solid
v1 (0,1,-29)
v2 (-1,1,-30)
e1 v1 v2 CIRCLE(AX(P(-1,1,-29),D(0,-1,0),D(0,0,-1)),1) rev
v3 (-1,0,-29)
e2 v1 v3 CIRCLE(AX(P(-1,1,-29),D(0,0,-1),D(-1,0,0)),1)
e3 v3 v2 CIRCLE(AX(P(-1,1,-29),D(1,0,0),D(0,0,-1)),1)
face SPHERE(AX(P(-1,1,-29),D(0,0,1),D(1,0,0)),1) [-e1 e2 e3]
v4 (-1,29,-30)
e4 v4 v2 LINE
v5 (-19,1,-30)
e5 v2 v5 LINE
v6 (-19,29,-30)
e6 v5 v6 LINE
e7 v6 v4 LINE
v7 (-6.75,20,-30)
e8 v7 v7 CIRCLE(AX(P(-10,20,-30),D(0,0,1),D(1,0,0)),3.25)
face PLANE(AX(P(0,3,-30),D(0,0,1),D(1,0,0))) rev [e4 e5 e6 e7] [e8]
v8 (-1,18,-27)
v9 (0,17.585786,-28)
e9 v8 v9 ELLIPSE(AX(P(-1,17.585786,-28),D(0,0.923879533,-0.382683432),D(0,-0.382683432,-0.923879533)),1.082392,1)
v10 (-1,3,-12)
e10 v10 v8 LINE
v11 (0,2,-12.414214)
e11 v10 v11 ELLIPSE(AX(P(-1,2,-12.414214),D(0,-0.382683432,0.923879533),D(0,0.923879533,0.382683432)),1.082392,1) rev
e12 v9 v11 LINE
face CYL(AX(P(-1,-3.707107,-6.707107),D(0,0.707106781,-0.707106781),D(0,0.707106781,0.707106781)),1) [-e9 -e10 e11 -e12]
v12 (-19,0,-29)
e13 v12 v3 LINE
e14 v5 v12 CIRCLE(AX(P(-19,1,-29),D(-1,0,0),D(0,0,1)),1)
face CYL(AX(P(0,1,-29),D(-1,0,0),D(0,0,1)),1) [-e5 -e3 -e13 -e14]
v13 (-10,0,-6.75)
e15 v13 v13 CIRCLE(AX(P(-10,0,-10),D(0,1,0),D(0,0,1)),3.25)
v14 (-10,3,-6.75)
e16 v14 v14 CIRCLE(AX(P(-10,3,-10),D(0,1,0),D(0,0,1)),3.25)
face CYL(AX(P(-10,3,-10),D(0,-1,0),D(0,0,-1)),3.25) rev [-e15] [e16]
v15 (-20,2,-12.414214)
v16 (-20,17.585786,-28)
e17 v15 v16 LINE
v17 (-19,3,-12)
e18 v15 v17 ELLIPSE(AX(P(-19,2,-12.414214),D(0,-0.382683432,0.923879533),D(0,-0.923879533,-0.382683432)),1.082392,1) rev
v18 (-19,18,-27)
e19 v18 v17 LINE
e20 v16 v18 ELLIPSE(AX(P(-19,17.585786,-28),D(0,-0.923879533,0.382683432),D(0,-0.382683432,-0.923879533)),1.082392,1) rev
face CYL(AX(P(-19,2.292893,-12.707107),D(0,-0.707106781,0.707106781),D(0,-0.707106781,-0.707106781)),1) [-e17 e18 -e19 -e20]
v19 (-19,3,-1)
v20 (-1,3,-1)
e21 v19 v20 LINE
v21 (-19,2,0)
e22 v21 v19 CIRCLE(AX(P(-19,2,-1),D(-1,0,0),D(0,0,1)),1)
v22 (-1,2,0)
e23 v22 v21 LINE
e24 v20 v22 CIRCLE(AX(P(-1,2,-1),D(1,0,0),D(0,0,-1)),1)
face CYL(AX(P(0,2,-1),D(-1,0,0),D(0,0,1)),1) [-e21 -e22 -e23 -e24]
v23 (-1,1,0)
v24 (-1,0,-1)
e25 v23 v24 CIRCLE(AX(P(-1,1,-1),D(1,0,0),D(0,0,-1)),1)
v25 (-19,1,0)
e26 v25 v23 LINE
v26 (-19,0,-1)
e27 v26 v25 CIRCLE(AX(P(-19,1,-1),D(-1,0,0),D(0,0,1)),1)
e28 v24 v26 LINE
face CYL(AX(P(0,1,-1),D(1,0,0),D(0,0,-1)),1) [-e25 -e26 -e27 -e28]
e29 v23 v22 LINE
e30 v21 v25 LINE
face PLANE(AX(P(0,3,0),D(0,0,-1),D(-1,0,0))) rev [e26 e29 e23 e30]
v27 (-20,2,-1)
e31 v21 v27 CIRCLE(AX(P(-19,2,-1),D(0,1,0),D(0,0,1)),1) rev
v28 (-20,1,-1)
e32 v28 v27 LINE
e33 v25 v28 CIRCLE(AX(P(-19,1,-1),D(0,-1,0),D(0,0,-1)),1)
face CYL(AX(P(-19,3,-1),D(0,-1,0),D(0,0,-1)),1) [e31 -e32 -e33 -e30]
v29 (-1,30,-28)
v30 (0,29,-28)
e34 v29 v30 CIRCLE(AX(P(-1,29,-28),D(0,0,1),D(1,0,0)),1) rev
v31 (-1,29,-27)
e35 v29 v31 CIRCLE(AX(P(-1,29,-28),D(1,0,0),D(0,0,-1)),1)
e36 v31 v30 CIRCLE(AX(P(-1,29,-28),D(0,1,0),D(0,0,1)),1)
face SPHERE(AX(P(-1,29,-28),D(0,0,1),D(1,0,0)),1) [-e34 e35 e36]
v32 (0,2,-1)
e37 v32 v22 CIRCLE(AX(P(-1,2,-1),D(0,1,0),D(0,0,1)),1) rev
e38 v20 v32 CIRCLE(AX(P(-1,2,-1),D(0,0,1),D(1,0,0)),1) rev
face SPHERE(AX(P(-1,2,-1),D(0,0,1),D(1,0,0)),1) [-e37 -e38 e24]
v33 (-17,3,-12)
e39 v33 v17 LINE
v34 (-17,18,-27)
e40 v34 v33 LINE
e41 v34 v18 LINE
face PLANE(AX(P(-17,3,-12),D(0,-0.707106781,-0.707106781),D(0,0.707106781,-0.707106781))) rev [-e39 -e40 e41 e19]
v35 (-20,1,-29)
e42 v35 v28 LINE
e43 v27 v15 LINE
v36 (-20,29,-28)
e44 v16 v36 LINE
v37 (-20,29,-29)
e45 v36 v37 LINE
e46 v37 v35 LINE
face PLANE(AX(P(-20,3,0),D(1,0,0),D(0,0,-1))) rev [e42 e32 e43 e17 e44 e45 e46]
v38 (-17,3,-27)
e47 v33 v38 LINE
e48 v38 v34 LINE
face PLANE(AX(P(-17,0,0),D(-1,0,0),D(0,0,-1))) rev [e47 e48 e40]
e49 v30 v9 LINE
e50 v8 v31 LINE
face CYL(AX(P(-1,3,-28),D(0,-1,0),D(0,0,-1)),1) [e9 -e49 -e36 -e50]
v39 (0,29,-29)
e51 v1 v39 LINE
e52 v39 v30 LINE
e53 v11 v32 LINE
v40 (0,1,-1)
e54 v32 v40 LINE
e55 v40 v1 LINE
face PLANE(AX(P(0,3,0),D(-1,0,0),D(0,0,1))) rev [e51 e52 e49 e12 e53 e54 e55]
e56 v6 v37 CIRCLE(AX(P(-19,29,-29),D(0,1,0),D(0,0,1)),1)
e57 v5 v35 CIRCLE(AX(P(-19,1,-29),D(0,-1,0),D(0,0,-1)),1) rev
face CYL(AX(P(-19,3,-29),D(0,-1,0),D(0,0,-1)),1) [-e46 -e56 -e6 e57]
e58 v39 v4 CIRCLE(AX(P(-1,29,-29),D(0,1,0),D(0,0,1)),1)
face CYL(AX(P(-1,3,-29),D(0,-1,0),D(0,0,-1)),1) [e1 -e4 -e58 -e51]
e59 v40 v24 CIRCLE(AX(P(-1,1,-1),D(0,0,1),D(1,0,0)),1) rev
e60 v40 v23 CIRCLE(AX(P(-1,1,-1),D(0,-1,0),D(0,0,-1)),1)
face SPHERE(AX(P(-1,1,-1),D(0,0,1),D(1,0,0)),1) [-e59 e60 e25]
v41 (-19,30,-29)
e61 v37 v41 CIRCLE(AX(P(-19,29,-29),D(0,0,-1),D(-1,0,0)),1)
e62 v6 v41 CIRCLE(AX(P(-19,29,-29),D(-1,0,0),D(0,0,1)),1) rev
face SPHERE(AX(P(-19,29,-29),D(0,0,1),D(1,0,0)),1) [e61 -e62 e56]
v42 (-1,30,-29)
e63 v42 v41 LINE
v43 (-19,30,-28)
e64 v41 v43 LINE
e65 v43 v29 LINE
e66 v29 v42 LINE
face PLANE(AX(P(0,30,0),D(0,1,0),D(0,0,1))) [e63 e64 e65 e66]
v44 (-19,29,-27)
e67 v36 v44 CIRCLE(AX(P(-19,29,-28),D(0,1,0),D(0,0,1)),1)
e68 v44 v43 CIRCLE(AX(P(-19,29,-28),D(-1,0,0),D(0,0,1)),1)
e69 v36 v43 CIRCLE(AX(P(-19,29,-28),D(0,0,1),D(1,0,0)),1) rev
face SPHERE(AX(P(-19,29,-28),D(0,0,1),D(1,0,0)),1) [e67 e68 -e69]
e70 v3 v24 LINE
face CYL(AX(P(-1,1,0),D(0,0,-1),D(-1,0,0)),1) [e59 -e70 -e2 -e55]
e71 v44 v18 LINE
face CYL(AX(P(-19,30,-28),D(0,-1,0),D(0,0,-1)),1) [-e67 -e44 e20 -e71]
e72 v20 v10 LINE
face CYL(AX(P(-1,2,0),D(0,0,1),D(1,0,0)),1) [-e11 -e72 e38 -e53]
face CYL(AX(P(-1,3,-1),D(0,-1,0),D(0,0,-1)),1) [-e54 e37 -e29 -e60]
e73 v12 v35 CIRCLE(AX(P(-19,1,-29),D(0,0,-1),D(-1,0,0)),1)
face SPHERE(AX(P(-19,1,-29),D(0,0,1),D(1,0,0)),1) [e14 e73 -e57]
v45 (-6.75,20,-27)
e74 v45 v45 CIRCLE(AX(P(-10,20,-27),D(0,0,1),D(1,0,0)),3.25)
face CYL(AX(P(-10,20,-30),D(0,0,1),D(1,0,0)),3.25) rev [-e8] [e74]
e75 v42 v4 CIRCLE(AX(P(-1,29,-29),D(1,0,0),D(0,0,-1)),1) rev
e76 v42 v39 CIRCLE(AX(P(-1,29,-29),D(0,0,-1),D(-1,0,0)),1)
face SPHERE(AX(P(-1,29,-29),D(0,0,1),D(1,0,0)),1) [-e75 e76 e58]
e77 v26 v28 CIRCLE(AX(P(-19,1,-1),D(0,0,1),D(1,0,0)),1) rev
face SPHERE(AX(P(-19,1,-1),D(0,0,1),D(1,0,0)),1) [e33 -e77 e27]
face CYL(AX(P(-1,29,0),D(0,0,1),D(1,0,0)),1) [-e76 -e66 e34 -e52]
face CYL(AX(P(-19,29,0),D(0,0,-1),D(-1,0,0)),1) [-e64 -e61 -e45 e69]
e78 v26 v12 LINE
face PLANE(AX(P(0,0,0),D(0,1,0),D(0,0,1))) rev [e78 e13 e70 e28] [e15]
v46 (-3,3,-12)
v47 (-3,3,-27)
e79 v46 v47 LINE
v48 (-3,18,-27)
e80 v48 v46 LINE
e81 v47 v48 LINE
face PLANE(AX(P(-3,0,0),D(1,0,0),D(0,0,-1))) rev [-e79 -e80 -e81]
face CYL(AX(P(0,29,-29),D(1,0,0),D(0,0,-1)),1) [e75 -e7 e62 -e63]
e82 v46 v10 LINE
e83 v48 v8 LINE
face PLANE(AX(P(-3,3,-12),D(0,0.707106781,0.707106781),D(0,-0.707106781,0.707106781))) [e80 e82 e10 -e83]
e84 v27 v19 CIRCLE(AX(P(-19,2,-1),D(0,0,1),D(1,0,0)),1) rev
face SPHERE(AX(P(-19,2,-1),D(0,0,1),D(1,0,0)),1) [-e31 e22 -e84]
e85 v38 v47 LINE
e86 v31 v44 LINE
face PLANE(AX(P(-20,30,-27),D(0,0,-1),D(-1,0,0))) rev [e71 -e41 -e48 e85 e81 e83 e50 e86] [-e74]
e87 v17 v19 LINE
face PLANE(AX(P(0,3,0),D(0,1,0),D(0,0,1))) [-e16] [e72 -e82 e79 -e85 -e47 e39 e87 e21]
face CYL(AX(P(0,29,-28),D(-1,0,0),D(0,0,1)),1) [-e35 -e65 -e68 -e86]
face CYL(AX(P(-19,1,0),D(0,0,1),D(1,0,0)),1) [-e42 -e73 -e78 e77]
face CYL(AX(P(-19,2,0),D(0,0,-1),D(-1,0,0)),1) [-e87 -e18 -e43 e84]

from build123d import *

# Parameters (mm, degrees)
SKETCH1_W           = 20
SKETCH1_H           = 30
SKETCH1_R           = 3.25
BOSS_EXTRUDE1_DEPTH = 3
SKETCH2_W           = 20
SKETCH2_H           = 3
BOSS_EXTRUDE2_DEPTH = 27
SKETCH3_R           = 3.25
CUT_EXTRUDE1_DEPTH  = 46.044422518
BOSS_EXTRUDE3_DEPTH = 3
FILLET1_R           = 1


with BuildPart() as part:
    # Sketch1 → Boss-Extrude1 (new body)
    with BuildSketch(Plane(origin=(0, 0, 0), x_dir=(1, 0, 0), z_dir=(0, 1, 0))):
        with Locations((-10, 15)):
            Rectangle(SKETCH1_W, SKETCH1_H)
        with Locations(Location((-10, 10, 0), (0, 0, 270))):
            Circle(SKETCH1_R, mode=Mode.SUBTRACT)
    extrude(amount=BOSS_EXTRUDE1_DEPTH)

    # Sketch2 → Boss-Extrude2 (add)
    with BuildSketch(Plane(origin=(0, 3, 0), x_dir=(1, 0, 0), z_dir=(0, 1, 0))):
        with Locations((-10, 28.5)):
            Rectangle(SKETCH2_W, SKETCH2_H)
    extrude(amount=BOSS_EXTRUDE2_DEPTH)

    # Sketch3 → Cut-Extrude1 (cut, through all)
    with BuildSketch(Plane.XY.offset(-27)):
        with Locations((-10, 20)):
            Circle(SKETCH3_R)
    extrude(amount=-CUT_EXTRUDE1_DEPTH, mode=Mode.SUBTRACT)

    # Sketch5 → Boss-Extrude3 (add)
    with BuildSketch(Plane(origin=(0, 0, 0), x_dir=(0, 0, -1), z_dir=(1, 0, 0))):
        Polygon((12, 3), (27, 18), (27, 3), align=None)
    boss_extrude3 = extrude(amount=-BOSS_EXTRUDE3_DEPTH)

    # Mirror1: Boss-Extrude3 across plane
    add(boss_extrude3.mirror(Plane.ZY.offset(10)))

    # Fillet1
    fillet1_edges = [part.edges().sort_by_distance(p)[0] for p in [
        (-10, 3, 0),
        (-20, 24, -27),
        (0, 24, -27),
        (-20, 30, -28.5),
        (-10, 30, -27),
        (0, 30, -28.5),
        (-10, 30, -30),
        (0, 10.5, -19.5),
        (-20, 3, -6),
        (-20, 10.5, -19.5),
        (0, 3, -6),
        (-10, 0, 0),
        (-20, 0, -15),
        (-10, 0, -30),
        (0, 0, -15),
        (0, 1.5, 0),
        (-20, 1.5, 0),
        (-20, 15, -30),
        (0, 15, -30),
    ]]
    fillet(fillet1_edges, radius=FILLET1_R)


solid = part.part
